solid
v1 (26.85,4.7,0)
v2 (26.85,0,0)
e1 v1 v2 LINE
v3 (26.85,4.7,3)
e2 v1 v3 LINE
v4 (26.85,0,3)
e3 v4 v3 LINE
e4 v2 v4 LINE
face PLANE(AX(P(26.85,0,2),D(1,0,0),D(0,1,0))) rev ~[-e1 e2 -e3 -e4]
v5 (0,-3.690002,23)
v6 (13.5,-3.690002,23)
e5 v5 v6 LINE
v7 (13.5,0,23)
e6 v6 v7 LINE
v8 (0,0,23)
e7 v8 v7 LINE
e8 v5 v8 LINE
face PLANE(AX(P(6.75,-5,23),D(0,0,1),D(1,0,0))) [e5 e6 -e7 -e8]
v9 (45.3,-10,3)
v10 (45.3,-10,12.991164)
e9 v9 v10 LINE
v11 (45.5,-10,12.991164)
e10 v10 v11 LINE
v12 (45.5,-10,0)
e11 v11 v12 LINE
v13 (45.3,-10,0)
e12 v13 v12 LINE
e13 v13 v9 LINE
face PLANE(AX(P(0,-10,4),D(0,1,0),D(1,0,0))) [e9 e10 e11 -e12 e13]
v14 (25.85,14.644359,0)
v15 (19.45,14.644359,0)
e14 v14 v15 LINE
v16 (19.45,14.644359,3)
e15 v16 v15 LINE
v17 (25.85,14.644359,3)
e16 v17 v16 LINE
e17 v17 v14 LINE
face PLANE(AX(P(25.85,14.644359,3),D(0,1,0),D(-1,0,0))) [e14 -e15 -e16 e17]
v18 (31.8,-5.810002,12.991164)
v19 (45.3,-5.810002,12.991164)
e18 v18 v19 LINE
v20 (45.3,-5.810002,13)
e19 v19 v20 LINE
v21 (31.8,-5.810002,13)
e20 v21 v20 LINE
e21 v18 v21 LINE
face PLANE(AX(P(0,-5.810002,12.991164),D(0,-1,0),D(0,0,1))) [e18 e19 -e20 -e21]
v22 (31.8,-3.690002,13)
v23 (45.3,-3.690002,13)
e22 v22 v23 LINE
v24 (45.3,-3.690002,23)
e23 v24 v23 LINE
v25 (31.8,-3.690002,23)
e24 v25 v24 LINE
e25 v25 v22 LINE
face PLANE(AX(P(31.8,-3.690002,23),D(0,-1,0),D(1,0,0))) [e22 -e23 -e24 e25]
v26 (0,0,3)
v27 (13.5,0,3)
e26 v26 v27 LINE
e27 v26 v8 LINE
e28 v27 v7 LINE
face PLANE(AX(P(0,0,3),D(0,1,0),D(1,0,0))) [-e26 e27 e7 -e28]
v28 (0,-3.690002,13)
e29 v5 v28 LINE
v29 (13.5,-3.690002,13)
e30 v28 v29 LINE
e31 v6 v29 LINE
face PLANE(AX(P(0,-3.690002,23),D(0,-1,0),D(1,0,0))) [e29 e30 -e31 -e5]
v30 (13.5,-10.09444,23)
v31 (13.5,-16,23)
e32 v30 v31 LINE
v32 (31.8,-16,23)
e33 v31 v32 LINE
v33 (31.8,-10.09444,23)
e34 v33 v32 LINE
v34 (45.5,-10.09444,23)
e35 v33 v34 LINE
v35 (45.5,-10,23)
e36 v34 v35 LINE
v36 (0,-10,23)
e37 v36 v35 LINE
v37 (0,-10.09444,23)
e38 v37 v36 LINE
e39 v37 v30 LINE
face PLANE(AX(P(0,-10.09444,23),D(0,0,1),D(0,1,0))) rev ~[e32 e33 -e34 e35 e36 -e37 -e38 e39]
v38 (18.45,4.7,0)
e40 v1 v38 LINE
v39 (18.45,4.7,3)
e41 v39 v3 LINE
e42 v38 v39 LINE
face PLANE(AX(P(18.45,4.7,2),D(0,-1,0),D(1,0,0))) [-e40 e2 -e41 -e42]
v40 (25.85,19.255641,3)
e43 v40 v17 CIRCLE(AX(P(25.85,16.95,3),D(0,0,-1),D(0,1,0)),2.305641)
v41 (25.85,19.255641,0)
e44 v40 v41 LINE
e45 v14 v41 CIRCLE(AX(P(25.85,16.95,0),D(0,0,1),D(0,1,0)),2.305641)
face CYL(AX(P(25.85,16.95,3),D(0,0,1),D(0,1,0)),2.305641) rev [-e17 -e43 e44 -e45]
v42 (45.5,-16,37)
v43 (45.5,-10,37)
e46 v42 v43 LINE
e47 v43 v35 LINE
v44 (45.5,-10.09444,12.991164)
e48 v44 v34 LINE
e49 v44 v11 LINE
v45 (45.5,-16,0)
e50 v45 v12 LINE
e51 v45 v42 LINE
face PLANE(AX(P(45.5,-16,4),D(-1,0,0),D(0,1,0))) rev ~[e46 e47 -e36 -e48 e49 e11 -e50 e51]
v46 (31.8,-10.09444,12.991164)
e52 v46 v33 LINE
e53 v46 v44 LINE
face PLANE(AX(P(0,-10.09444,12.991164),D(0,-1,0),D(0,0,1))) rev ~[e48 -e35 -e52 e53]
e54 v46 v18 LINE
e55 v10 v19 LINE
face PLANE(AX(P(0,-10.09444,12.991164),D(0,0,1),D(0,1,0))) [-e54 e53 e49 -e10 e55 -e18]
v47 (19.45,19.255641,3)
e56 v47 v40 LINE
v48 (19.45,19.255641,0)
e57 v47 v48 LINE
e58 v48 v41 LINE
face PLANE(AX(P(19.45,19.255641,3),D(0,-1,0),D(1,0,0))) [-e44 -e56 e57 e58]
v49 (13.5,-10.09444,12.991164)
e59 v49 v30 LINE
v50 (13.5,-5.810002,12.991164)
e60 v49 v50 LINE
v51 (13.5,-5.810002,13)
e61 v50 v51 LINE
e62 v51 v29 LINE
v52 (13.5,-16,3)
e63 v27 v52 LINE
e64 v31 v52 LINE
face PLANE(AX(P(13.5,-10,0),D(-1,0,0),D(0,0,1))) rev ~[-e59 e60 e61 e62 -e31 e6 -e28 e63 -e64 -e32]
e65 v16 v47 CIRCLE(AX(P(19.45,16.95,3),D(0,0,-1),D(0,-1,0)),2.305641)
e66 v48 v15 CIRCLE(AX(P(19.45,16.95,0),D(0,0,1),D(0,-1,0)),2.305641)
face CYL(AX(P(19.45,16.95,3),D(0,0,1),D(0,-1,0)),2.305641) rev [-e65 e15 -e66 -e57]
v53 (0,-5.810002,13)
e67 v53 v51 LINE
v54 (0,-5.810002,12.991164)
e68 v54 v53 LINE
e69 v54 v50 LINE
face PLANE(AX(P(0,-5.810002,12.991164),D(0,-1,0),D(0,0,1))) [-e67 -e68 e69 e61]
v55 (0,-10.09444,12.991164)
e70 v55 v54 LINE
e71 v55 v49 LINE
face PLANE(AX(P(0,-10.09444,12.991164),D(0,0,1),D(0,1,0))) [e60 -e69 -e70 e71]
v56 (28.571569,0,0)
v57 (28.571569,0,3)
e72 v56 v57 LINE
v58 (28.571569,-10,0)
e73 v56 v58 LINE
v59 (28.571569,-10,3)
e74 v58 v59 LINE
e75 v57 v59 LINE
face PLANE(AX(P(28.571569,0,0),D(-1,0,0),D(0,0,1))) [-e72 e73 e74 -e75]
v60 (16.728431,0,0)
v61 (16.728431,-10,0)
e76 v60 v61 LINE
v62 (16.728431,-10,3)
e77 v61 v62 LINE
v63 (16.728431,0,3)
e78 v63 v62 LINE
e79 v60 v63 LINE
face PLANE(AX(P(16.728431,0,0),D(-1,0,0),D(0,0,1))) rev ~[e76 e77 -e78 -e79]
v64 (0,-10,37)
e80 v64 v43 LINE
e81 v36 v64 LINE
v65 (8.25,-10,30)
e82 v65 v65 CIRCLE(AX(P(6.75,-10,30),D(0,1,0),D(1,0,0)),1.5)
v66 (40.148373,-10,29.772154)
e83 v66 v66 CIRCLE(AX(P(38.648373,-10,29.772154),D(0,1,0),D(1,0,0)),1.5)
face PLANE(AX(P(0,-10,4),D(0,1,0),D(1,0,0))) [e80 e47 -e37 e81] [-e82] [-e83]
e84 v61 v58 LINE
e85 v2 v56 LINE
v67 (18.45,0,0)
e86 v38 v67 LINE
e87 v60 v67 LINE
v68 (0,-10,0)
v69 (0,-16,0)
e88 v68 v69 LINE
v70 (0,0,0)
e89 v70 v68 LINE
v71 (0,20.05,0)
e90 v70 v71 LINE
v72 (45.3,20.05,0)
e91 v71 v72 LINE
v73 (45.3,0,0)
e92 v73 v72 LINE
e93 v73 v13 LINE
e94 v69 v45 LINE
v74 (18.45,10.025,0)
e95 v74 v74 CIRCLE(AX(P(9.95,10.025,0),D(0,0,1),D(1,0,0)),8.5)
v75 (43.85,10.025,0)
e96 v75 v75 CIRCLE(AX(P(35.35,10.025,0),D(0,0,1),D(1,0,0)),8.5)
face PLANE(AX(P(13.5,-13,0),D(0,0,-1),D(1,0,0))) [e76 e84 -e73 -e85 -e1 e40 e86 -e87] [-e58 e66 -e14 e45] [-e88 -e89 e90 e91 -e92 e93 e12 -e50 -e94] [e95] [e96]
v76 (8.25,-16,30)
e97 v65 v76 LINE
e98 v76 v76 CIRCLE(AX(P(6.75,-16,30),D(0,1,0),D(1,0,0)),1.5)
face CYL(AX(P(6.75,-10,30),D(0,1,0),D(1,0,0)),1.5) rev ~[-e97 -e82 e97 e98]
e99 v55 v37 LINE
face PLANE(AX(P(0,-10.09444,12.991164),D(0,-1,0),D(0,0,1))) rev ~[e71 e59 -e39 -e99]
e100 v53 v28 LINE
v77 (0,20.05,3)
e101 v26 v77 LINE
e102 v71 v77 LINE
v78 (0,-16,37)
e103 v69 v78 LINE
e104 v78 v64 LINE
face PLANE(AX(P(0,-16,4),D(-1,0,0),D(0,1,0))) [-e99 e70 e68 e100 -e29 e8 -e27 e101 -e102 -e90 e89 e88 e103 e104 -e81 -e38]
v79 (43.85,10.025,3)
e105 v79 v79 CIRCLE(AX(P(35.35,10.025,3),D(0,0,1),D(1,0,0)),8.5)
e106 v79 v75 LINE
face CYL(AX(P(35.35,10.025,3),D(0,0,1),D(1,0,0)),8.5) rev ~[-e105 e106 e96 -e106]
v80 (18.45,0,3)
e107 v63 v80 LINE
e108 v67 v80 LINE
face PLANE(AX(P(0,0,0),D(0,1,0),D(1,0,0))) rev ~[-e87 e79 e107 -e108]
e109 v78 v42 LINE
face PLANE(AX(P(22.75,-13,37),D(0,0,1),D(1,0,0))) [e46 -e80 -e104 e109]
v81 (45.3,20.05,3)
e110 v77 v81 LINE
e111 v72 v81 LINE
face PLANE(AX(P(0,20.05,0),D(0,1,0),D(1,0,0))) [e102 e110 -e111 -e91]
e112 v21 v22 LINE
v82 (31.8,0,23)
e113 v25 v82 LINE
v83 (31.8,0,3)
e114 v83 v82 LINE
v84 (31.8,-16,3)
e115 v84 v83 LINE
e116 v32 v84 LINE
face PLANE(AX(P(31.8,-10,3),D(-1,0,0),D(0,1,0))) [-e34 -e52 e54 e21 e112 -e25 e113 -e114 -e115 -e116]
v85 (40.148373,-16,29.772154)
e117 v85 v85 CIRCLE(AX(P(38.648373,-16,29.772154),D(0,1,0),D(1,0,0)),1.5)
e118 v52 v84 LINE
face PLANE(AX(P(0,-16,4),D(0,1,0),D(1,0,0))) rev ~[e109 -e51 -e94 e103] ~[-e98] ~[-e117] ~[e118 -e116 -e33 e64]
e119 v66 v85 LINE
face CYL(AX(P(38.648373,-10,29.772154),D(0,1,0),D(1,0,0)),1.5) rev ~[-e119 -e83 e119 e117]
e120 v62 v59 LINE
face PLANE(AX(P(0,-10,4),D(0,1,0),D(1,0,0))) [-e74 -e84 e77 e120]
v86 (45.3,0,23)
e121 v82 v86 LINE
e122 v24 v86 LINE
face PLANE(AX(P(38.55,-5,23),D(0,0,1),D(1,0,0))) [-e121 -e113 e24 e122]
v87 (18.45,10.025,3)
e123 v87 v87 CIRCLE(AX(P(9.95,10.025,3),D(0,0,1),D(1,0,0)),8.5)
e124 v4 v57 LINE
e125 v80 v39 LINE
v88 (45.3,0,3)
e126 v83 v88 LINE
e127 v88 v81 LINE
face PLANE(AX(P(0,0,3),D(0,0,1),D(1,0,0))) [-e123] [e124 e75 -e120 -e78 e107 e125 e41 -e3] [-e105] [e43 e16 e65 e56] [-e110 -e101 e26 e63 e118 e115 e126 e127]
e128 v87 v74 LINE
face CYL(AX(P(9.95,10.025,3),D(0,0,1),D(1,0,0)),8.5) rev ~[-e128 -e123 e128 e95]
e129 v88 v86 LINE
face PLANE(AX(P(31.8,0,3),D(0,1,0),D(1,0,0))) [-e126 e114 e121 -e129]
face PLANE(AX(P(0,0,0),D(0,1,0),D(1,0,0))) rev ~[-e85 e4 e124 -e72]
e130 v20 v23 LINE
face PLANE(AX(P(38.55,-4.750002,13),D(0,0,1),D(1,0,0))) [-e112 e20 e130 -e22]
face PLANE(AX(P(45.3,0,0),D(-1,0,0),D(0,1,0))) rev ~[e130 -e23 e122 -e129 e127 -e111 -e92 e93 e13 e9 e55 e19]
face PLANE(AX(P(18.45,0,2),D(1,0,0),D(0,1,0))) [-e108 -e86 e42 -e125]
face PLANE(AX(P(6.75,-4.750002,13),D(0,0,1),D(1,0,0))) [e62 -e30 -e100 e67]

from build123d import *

# Parameters (mm, degrees)
SKETCH1_W            = 45.3
SKETCH1_H            = 20.05
BOSS_EXTRUDE1_DEPTH  = 3
SKETCH2_R            = 8.5
CUT_EXTRUDE1_DEPTH   = 4
SKETCH3_W            = 8.4
SKETCH3_H            = 4.7
CUT_EXTRUDE2_DEPTH   = 1
SKETCH10_W           = 16.728431373
SKETCH10_H           = 3
BOSS_EXTRUDE8_DEPTH  = 10
SKETCH11_W           = 13.5
SKETCH11_H           = 10
BOSS_EXTRUDE9_DEPTH  = 20
SKETCH12_W           = 13.5
SKETCH12_H           = 2.12
CUT_EXTRUDE3_DEPTH   = 10
SKETCH13_W           = 13.5
SKETCH13_H           = 4
BOSS_EXTRUDE10_DEPTH = 6
SKETCH14_W           = 4
SKETCH14_H           = 3
BOSS_EXTRUDE11_DEPTH = 32
SKETCH15_W           = 32
SKETCH15_H           = 4
BOSS_EXTRUDE12_DEPTH = 3
SKETCH16_W           = 45.5
SKETCH16_H           = 6
BOSS_EXTRUDE13_DEPTH = 33
SKETCH17_W           = 18.3
SKETCH17_H           = 20
CUT_EXTRUDE4_DEPTH   = 7
SKETCH18_R           = 1.5
CUT_EXTRUDE5_DEPTH   = 7
SKETCH20_W           = 10.008836356
SKETCH20_H           = 4.284437553
CUT_EXTRUDE6_DEPTH   = 46.5
SKETCH21_W           = 8.4
SKETCH21_H           = 4.7
CUT_EXTRUDE7_DEPTH   = 3


with BuildPart() as part:
    # Sketch1 → Boss-Extrude1 (new body)
    with BuildSketch(Plane.XY):
        with Locations((22.65, 10.025)):
            Rectangle(SKETCH1_W, SKETCH1_H)
    extrude(amount=BOSS_EXTRUDE1_DEPTH)

    # Sketch2 → Cut-Extrude1 (cut, through all)
    with BuildSketch(Plane.XY.offset(3)):
        with Locations((9.95, 10.025)):
            Circle(SKETCH2_R)
        with Locations((35.35, 10.025)):
            Circle(SKETCH2_R)
        with BuildLine():
            Line((19.45, 19.255641391), (25.85, 19.255641391))
            ThreePointArc((25.85, 19.255641391), (28.155641391, 16.95), (25.85, 14.644358609))
            Line((25.85, 14.644358609), (19.45, 14.644358609))
            ThreePointArc((19.45, 14.644358609), (17.144358609, 16.95), (19.45, 19.255641391))
        make_face()
    extrude(amount=-CUT_EXTRUDE1_DEPTH, mode=Mode.SUBTRACT)

    # Sketch3 → Cut-Extrude2 (cut)
    with BuildSketch(Plane.XY.offset(3)):
        with Locations((22.65, 2.35)):
            Rectangle(SKETCH3_W, SKETCH3_H)
    extrude(amount=-CUT_EXTRUDE2_DEPTH, mode=Mode.SUBTRACT)

    # Sketch10 → Boss-Extrude8 (add)
    with BuildSketch(Plane.XZ):
        with Locations((8.364215686, 1.5)):
            Rectangle(SKETCH10_W, SKETCH10_H)
        with Locations((36.935784314, 1.5)):
            Rectangle(SKETCH10_W, SKETCH10_H)
    extrude(amount=BOSS_EXTRUDE8_DEPTH)

    # Sketch11 → Boss-Extrude9 (add)
    with BuildSketch(Plane.XY.offset(3)):
        with Locations((6.75, -5)):
            Rectangle(SKETCH11_W, SKETCH11_H)
        with Locations((38.55, -5)):
            Rectangle(SKETCH11_W, SKETCH11_H)
    extrude(amount=BOSS_EXTRUDE9_DEPTH)

    # Sketch12 → Cut-Extrude3 (cut)
    with BuildSketch(Plane.XY.offset(23)):
        with Locations((6.75, -4.750002431)):
            Rectangle(SKETCH12_W, SKETCH12_H)
        with Locations((38.55, -4.750002431)):
            Rectangle(SKETCH12_W, SKETCH12_H)
    extrude(amount=-CUT_EXTRUDE3_DEPTH, mode=Mode.SUBTRACT)

    # Sketch13 → Boss-Extrude10 (add)
    with BuildSketch(Plane.XZ.offset(10)):
        with Locations((6.75, 2)):
            Rectangle(SKETCH13_W, SKETCH13_H)
    extrude(amount=BOSS_EXTRUDE10_DEPTH)

    # Sketch14 → Boss-Extrude11 (add)
    with BuildSketch(Plane(origin=(13.5, 0, 0), x_dir=(0, 0, -1), z_dir=(1, 0, 0))):
        with Locations((-2, -14.5)):
            Rectangle(SKETCH14_W, SKETCH14_H)
    extrude(amount=BOSS_EXTRUDE11_DEPTH)

    # Sketch15 → Boss-Extrude12 (add)
    with BuildSketch(Plane(origin=(0, -13, 0), x_dir=(1, 0, 0), z_dir=(0, 1, 0))):
        with Locations((29.5, -2)):
            Rectangle(SKETCH15_W, SKETCH15_H)
    extrude(amount=BOSS_EXTRUDE12_DEPTH)

    # Sketch16 → Boss-Extrude13 (add)
    with BuildSketch(Plane.XY.offset(4)):
        with Locations((22.75, -13)):
            Rectangle(SKETCH16_W, SKETCH16_H)
    extrude(amount=BOSS_EXTRUDE13_DEPTH)

    # Sketch17 → Cut-Extrude4 (cut, through all)
    with BuildSketch(Plane(origin=(0, -10, 0), x_dir=(1, 0, 0), z_dir=(0, 1, 0))):
        with Locations((22.65, -13)):
            Rectangle(SKETCH17_W, SKETCH17_H)
    extrude(amount=-CUT_EXTRUDE4_DEPTH, mode=Mode.SUBTRACT)

    # Sketch18 → Cut-Extrude5 (cut, through all)
    with BuildSketch(Plane(origin=(0, -10, 0), x_dir=(1, 0, 0), z_dir=(0, 1, 0))):
        with Locations((6.75, -30)):
            Circle(SKETCH18_R)
        with Locations((38.648372532, -29.772154482)):
            Circle(SKETCH18_R)
    extrude(amount=-CUT_EXTRUDE5_DEPTH, mode=Mode.SUBTRACT)

    # Sketch20 → Cut-Extrude6 (cut, through all)
    with BuildSketch(Plane.ZY):
        with Locations((17.995581822, -7.952221208)):
            Rectangle(SKETCH20_W, SKETCH20_H)
    extrude(amount=-CUT_EXTRUDE6_DEPTH, mode=Mode.SUBTRACT)

    # Sketch21 → Cut-Extrude7 (cut, through all)
    with BuildSketch(Plane.XY.offset(2)):
        with Locations((22.65, 2.35)):
            Rectangle(SKETCH21_W, SKETCH21_H)
    extrude(amount=-CUT_EXTRUDE7_DEPTH, mode=Mode.SUBTRACT)


solid = part.part
